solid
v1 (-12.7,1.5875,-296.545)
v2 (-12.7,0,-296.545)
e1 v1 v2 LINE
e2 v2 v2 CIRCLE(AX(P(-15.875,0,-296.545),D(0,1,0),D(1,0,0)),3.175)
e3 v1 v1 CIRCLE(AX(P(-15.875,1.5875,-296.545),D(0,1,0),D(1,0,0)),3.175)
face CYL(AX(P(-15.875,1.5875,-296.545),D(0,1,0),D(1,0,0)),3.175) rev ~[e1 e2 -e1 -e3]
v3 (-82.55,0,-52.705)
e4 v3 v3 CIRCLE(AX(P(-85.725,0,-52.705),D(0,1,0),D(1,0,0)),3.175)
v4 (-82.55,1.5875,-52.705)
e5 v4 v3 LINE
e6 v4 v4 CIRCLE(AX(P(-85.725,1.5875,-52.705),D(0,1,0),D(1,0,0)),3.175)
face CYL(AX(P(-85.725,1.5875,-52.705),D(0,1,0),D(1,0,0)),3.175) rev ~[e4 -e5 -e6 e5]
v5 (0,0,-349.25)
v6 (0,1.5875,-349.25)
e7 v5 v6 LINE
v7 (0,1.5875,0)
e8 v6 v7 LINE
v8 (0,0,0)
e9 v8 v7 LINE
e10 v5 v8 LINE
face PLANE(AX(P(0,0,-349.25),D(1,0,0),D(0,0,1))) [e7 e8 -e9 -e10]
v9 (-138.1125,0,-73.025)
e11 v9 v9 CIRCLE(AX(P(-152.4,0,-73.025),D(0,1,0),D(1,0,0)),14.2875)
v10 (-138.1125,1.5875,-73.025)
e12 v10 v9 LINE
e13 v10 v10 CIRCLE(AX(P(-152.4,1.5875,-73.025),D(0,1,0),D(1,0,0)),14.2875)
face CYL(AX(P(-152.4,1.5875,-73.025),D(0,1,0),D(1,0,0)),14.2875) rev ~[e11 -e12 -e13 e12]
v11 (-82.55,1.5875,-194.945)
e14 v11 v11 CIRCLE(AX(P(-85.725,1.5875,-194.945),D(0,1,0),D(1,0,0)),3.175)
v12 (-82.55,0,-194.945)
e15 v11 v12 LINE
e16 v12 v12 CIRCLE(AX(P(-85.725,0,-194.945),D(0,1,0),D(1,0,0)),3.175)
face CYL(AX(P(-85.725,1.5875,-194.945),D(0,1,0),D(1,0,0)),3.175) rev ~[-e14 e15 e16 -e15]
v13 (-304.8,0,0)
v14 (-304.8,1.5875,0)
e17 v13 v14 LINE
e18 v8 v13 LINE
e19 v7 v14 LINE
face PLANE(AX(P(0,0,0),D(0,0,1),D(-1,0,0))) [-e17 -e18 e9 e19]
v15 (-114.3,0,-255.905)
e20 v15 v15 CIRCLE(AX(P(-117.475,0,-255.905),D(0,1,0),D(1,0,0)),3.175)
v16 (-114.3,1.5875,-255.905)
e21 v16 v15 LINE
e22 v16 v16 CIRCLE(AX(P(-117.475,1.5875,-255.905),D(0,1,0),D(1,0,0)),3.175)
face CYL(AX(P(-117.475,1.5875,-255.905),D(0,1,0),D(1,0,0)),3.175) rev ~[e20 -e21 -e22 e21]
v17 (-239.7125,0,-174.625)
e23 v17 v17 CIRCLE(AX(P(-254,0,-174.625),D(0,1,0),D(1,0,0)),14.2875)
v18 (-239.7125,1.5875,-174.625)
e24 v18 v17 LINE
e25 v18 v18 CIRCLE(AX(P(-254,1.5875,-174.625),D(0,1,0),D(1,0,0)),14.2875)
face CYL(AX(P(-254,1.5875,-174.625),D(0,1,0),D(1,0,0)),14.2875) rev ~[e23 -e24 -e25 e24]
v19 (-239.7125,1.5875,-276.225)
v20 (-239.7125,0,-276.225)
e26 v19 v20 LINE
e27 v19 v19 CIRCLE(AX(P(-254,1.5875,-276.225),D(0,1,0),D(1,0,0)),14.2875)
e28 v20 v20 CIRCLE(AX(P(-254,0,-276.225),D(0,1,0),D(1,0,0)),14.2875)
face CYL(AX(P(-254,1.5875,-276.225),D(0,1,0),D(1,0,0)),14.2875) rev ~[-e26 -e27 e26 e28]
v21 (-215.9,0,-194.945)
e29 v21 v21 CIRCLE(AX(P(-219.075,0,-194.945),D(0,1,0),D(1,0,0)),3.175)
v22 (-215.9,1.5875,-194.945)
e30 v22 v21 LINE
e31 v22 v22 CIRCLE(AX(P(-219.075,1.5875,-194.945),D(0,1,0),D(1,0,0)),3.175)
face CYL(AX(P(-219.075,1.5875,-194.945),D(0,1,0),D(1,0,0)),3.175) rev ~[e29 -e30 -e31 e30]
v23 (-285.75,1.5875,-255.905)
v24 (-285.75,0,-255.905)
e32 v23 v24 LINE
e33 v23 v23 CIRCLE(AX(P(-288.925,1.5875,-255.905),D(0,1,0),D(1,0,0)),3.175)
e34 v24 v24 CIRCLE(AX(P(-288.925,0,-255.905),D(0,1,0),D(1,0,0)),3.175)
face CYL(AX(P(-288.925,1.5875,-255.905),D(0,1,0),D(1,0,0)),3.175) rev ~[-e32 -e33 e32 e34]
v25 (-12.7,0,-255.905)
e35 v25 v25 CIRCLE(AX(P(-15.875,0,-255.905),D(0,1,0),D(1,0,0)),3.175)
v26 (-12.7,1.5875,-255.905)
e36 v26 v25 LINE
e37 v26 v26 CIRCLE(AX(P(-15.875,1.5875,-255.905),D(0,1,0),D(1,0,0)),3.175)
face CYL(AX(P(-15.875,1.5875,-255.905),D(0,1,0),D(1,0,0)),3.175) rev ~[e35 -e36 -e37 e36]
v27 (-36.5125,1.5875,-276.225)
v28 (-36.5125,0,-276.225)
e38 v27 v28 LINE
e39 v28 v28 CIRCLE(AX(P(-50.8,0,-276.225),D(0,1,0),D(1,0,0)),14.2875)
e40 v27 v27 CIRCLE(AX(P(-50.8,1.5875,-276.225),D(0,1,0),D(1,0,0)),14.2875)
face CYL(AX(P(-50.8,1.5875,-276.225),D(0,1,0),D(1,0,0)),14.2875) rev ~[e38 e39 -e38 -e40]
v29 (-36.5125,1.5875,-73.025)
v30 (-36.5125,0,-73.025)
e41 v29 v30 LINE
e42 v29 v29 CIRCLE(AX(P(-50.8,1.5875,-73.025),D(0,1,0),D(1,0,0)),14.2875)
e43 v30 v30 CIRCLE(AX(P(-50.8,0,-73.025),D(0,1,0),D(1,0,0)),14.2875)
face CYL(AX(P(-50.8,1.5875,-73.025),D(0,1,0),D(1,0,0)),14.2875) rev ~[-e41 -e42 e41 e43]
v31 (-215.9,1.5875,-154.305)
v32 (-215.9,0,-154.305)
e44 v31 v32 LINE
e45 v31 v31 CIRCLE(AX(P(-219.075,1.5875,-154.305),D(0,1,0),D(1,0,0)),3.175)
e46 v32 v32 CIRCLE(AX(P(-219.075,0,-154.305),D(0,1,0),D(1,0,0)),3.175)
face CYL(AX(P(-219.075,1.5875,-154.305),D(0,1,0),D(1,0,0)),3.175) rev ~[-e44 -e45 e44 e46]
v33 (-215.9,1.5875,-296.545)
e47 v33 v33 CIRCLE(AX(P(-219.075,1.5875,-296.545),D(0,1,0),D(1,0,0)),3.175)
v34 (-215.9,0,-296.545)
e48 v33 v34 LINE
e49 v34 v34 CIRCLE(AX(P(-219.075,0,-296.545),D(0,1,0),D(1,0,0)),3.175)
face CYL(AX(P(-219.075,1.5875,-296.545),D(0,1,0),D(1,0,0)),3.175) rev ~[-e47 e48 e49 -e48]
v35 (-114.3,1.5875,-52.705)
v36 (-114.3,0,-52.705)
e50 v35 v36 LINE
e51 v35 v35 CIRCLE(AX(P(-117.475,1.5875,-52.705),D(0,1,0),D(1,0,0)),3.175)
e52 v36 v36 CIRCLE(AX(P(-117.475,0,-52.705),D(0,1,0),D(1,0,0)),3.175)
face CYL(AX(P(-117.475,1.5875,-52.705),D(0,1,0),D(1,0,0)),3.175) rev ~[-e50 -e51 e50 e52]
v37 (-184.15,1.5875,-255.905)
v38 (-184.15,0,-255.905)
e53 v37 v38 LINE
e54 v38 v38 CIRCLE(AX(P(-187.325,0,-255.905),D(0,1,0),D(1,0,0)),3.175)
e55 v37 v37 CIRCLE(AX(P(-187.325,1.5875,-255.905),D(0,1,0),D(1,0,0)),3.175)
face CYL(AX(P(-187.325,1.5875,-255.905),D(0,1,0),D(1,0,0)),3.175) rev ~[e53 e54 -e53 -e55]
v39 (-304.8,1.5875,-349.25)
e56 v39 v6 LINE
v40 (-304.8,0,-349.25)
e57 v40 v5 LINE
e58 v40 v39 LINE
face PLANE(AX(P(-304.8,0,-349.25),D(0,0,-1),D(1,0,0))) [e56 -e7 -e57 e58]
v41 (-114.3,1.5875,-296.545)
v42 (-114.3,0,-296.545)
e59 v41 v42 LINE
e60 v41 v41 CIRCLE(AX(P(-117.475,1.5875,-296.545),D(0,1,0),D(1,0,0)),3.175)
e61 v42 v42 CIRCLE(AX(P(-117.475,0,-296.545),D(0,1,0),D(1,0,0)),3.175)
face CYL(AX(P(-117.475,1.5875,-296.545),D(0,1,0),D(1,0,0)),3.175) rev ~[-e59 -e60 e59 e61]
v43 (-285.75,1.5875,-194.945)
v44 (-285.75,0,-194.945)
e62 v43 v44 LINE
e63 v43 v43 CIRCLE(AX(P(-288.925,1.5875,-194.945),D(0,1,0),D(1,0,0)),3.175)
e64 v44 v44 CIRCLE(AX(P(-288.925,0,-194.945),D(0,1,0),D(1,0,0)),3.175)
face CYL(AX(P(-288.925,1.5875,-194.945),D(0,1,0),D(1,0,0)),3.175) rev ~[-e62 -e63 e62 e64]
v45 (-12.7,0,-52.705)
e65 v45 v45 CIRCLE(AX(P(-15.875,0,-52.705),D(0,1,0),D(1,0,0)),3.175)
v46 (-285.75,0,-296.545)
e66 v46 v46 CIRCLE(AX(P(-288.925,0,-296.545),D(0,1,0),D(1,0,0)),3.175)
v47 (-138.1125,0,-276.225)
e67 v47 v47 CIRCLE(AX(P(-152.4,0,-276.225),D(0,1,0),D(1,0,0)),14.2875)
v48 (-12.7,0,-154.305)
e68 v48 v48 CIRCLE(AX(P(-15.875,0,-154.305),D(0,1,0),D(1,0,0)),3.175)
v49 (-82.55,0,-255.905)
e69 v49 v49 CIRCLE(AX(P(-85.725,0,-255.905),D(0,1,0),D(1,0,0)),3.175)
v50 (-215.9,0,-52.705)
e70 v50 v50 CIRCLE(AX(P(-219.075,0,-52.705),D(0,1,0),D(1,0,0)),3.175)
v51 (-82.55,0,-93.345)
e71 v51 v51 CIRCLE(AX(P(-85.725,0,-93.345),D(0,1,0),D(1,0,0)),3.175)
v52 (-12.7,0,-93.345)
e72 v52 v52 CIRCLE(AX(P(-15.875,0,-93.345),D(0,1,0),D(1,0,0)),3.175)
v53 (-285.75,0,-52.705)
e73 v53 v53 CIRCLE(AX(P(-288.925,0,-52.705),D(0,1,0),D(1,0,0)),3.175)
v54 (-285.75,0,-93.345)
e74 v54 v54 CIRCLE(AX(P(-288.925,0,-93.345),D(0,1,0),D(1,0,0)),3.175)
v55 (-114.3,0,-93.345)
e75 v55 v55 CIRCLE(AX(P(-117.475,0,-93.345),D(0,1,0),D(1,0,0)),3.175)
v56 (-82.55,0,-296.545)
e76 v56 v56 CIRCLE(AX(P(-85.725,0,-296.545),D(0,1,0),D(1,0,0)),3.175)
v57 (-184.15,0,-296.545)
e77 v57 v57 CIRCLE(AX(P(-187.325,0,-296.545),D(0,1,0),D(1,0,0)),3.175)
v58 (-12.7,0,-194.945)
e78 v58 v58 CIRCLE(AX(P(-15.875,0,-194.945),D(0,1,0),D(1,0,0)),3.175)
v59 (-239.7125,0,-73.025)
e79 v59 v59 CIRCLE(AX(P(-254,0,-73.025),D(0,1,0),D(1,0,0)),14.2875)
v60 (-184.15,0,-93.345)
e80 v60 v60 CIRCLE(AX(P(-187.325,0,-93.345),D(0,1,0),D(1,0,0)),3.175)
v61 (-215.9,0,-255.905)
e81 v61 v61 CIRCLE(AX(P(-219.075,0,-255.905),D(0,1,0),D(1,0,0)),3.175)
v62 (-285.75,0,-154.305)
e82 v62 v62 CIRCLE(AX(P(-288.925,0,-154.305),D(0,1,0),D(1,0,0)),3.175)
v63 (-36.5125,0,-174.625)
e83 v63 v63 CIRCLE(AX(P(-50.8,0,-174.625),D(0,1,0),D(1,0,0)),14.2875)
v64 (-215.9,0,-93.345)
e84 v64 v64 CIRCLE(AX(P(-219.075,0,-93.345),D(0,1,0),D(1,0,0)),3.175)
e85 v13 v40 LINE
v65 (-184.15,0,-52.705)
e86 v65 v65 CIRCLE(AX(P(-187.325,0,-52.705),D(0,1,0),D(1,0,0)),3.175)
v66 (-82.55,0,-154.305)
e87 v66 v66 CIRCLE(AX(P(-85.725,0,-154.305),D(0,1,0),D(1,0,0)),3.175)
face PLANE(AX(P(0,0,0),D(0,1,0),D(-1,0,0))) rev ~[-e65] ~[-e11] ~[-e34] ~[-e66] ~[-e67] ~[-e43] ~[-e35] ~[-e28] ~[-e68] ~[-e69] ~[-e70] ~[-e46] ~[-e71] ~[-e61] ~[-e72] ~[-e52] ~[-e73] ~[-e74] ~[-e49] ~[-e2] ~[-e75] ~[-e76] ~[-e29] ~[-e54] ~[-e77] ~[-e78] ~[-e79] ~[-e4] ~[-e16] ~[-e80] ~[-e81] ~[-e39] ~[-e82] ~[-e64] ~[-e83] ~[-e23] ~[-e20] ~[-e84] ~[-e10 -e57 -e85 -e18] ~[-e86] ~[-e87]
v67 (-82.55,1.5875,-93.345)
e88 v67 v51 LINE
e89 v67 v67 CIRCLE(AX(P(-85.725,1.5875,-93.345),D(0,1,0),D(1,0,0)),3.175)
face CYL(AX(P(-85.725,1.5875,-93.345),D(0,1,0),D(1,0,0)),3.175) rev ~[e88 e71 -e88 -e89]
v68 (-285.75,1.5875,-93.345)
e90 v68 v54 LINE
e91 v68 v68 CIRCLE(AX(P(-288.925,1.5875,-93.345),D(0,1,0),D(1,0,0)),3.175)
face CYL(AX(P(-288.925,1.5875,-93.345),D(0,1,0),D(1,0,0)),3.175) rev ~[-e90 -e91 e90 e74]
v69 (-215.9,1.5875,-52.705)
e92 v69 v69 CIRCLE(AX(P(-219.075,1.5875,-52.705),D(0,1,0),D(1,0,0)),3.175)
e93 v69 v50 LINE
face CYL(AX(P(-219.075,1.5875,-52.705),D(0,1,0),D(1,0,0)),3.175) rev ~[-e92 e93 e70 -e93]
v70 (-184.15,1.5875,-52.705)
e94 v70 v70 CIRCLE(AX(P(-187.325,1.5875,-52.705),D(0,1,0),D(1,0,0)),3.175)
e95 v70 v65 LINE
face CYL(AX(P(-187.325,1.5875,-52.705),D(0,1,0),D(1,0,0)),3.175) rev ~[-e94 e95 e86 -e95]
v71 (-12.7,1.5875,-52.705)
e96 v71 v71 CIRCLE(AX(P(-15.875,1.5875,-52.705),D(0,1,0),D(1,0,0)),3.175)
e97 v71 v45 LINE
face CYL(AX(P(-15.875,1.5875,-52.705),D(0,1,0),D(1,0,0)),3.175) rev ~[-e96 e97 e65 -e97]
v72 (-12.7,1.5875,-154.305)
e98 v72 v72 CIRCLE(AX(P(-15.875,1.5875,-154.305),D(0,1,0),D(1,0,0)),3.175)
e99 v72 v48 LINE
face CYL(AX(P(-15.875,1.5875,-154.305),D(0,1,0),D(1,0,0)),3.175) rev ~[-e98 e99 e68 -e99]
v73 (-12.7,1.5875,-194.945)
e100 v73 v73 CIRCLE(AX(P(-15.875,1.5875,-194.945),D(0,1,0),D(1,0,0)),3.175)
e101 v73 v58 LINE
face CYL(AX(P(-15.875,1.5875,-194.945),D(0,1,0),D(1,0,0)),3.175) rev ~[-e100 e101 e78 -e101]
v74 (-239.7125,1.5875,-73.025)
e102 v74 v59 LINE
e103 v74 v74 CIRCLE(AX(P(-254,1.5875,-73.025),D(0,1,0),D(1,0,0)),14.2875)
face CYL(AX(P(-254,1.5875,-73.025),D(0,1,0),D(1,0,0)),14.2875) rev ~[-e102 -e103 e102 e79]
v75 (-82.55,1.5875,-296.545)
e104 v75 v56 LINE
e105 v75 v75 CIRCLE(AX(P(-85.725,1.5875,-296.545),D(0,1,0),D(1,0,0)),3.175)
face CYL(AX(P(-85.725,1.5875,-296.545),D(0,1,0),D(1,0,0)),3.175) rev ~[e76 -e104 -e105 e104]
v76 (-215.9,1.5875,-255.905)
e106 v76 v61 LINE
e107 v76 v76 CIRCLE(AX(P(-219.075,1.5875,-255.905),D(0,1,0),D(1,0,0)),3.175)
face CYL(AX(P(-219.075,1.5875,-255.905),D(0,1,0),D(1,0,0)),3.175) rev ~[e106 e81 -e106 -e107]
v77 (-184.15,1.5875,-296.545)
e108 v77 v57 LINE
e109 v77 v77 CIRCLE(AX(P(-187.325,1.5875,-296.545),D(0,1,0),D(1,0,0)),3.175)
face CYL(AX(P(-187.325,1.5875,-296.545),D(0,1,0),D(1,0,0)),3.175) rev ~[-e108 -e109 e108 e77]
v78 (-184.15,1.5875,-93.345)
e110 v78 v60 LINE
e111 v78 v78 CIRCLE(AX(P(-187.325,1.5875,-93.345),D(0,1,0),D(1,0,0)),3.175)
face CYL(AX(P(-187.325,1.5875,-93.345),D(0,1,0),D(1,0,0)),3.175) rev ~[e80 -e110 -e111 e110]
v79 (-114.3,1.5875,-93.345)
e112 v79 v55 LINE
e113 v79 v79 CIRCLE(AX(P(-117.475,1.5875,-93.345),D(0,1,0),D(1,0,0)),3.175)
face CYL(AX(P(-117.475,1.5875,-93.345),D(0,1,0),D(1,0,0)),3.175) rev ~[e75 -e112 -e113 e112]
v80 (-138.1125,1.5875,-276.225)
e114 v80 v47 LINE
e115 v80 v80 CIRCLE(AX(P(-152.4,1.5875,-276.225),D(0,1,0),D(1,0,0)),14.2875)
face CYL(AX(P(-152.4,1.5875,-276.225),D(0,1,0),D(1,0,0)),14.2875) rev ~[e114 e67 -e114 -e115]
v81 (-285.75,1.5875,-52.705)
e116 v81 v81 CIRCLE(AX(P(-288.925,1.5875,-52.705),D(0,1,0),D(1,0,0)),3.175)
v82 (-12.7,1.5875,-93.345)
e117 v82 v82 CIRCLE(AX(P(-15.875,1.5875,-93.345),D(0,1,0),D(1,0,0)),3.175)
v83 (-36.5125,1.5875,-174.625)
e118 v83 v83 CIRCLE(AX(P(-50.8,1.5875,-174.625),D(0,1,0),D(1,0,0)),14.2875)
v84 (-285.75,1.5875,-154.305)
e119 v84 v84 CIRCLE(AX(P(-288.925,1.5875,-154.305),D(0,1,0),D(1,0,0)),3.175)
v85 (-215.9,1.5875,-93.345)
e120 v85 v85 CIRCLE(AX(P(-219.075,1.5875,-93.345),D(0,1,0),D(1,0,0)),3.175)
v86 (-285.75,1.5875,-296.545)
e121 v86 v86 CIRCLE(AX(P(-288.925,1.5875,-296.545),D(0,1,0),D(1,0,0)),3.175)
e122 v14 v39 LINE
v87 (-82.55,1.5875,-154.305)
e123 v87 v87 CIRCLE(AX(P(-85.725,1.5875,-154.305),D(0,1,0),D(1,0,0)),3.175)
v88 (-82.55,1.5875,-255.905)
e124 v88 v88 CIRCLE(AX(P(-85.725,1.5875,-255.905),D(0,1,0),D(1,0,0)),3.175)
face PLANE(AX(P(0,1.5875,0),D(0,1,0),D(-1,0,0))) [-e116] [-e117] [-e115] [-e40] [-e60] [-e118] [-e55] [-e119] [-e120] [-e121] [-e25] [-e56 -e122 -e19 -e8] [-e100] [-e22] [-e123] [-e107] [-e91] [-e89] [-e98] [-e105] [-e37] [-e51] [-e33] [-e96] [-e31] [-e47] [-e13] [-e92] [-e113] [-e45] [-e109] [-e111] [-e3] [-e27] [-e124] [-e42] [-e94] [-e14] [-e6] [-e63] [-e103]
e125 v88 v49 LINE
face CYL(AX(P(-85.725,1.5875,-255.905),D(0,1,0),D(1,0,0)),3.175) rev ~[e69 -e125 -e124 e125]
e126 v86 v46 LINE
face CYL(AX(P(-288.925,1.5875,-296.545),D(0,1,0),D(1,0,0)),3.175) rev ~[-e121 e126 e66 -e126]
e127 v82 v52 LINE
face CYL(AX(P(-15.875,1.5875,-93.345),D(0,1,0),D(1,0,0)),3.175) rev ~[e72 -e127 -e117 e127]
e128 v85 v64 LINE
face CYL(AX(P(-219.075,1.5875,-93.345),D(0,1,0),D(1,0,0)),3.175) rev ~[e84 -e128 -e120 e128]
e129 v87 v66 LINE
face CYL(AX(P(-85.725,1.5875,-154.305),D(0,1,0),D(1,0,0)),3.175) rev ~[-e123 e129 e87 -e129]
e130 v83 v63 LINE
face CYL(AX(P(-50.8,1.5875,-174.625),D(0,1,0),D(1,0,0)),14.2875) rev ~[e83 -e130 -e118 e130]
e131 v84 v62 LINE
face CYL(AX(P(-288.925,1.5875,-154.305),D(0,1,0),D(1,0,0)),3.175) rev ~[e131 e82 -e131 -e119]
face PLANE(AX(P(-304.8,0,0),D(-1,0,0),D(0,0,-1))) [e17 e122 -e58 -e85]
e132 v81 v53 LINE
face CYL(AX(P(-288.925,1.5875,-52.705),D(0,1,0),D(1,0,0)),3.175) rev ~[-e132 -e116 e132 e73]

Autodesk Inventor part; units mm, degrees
ref_plane "YZ Plane" through (0, 0, 0) normal (1, 0, 0) x (0, 1, 0)
ref_plane "XZ Plane" through (0, 0, 0) normal (0, 1, 0) x (-1, 0, 0)
ref_plane "XY Plane" through (0, 0, 0) normal (0, 0, 1) x (1, 0, 0)
sketch "Sketch1" plane through (0, 0, 0) normal (0, 1, 0) x (-1, 0, 0)
  line L0 (0, 0) -> (304.8, 0)
  line L1 (304.8, 0) -> (304.8, -349.25)
  line L2 (304.8, -349.25) -> (0, -349.25)
  line L3 (0, -349.25) -> (0, 0)
  dimension "d0" = 304.8
  dimension "d1" = 349.25
extrude "Extrusion1" add sketch "Sketch1" along normal blind 1.5875
sketch "Sketch2" plane through (0, 1.5875, 0) normal (0, 1, 0) x (1, 0, 0)
  circle A0 centre (-254, 73.025) radius 14.2875
  line L0 (0, 349.25) -> (-304.8, 349.25) projected
  line L1 (-304.8, 349.25) -> (-304.8, 0) projected
  line L2 (-304.8, 0) -> (0, 0) projected
  line L3 (0, 0) -> (0, 349.25) projected
  circle A1 centre (-288.925, 52.705) radius 3.175
  circle A2 centre (-288.925, 93.345) radius 3.175
  circle A3 centre (-219.075, 93.345) radius 3.175
  circle A4 centre (-219.075, 52.705) radius 3.175
  line L4 (-254, 119.7319) -> (-254, 73.025) construction
  line L5 (-254, 73.025) -> (-226.8959, 73.025) construction
  line L6 (-304, 48.025) -> (-204, 48.025) construction
  line L7 (-204, 48.025) -> (-204, 98.025) construction
  line L8 (-204, 98.025) -> (-304, 98.025) construction
  line L9 (-304, 98.025) -> (-304, 48.025) construction
  line L10 (-304.8, 41.275) -> (0, 41.275)
  line L11 (0, 41.275) -> (0, 307.975)
  line L12 (0, 307.975) -> (-304.8, 307.975)
  line L13 (-304.8, 307.975) -> (-304.8, 41.275)
  line L14 (-202.4, 98.025) -> (-202.4, 48.025) construction
  circle A5 centre (-187.325, 93.345) radius 3.175
  circle A6 centre (-187.325, 52.705) radius 3.175
  circle A7 centre (-152.4, 73.025) radius 14.2875
  line L15 (-152.4, 73.025) -> (-125.2959, 73.025) construction
  line L16 (-152.4, 119.7319) -> (-152.4, 73.025) construction
  circle A8 centre (-117.475, 52.705) radius 3.175
  line L17 (-102.4, 48.025) -> (-102.4, 98.025) construction
  line L18 (-102.4, 98.025) -> (-202.4, 98.025) construction
  line L19 (-202.4, 48.025) -> (-102.4, 48.025) construction
  circle A9 centre (-117.475, 93.345) radius 3.175
  line L20 (-100.8, 98.025) -> (-100.8, 48.025) construction
  circle A10 centre (-85.725, 93.345) radius 3.175
  circle A11 centre (-85.725, 52.705) radius 3.175
  circle A12 centre (-50.8, 73.025) radius 14.2875
  line L21 (-50.8, 73.025) -> (-23.6959, 73.025) construction
  line L22 (-50.8, 119.7319) -> (-50.8, 73.025) construction
  circle A13 centre (-15.875, 52.705) radius 3.175
  line L23 (-0.8, 48.025) -> (-0.8, 98.025) construction
  line L24 (-0.8, 98.025) -> (-100.8, 98.025) construction
  line L25 (-100.8, 48.025) -> (-0.8, 48.025) construction
  circle A14 centre (-15.875, 93.345) radius 3.175
  line L26 (-304, 199.625) -> (-304, 149.625) construction
  circle A15 centre (-288.925, 194.945) radius 3.175
  circle A16 centre (-288.925, 154.305) radius 3.175
  circle A17 centre (-254, 174.625) radius 14.2875
  line L27 (-254, 174.625) -> (-226.8959, 174.625) construction
  line L28 (-254, 221.3319) -> (-254, 174.625) construction
  circle A18 centre (-219.075, 154.305) radius 3.175
  line L29 (-204, 149.625) -> (-204, 199.625) construction
  line L30 (-204, 199.625) -> (-304, 199.625) construction
  line L31 (-304, 149.625) -> (-204, 149.625) construction
  circle A19 centre (-219.075, 194.945) radius 3.175
  line L32 (-202.4, 199.625) -> (-202.4, 149.625) construction
  circle A20 centre (-187.325, 194.945) radius 3.175
  circle A21 centre (-187.325, 154.305) radius 3.175
  circle A22 centre (-152.4, 174.625) radius 14.2875
  line L33 (-152.4, 174.625) -> (-125.2959, 174.625) construction
  line L34 (-152.4, 221.3319) -> (-152.4, 174.625) construction
  circle A23 centre (-117.475, 154.305) radius 3.175
  line L35 (-102.4, 149.625) -> (-102.4, 199.625) construction
  line L36 (-102.4, 199.625) -> (-202.4, 199.625) construction
  line L37 (-202.4, 149.625) -> (-102.4, 149.625) construction
  circle A24 centre (-117.475, 194.945) radius 3.175
  line L38 (-100.8, 199.625) -> (-100.8, 149.625) construction
  circle A25 centre (-85.725, 194.945) radius 3.175
  circle A26 centre (-85.725, 154.305) radius 3.175
  circle A27 centre (-50.8, 174.625) radius 14.2875
  line L39 (-50.8, 174.625) -> (-23.6959, 174.625) construction
  line L40 (-50.8, 221.3319) -> (-50.8, 174.625) construction
  circle A28 centre (-15.875, 154.305) radius 3.175
  line L41 (-0.8, 149.625) -> (-0.8, 199.625) construction
  line L42 (-0.8, 199.625) -> (-100.8, 199.625) construction
  line L43 (-100.8, 149.625) -> (-0.8, 149.625) construction
  circle A29 centre (-15.875, 194.945) radius 3.175
  line L44 (-304, 301.225) -> (-304, 251.225) construction
  circle A30 centre (-288.925, 296.545) radius 3.175
  circle A31 centre (-288.925, 255.905) radius 3.175
  circle A32 centre (-254, 276.225) radius 14.2875
  line L45 (-254, 276.225) -> (-226.8959, 276.225) construction
  line L46 (-254, 322.9319) -> (-254, 276.225) construction
  circle A33 centre (-219.075, 255.905) radius 3.175
  line L47 (-204, 251.225) -> (-204, 301.225) construction
  line L48 (-204, 301.225) -> (-304, 301.225) construction
  line L49 (-304, 251.225) -> (-204, 251.225) construction
  circle A34 centre (-219.075, 296.545) radius 3.175
  line L50 (-202.4, 301.225) -> (-202.4, 251.225) construction
  circle A35 centre (-187.325, 296.545) radius 3.175
  circle A36 centre (-187.325, 255.905) radius 3.175
  circle A37 centre (-152.4, 276.225) radius 14.2875
  line L51 (-152.4, 276.225) -> (-125.2959, 276.225) construction
  line L52 (-152.4, 322.9319) -> (-152.4, 276.225) construction
  circle A38 centre (-117.475, 255.905) radius 3.175
  line L53 (-102.4, 251.225) -> (-102.4, 301.225) construction
  line L54 (-102.4, 301.225) -> (-202.4, 301.225) construction
  line L55 (-202.4, 251.225) -> (-102.4, 251.225) construction
  circle A39 centre (-117.475, 296.545) radius 3.175
  line L56 (-100.8, 301.225) -> (-100.8, 251.225) construction
  circle A40 centre (-85.725, 296.545) radius 3.175
  circle A41 centre (-85.725, 255.905) radius 3.175
  circle A42 centre (-50.8, 276.225) radius 14.2875
  line L57 (-50.8, 276.225) -> (-23.6959, 276.225) construction
  line L58 (-50.8, 322.9319) -> (-50.8, 276.225) construction
  circle A43 centre (-15.875, 255.905) radius 3.175
  line L59 (-0.8, 251.225) -> (-0.8, 301.225) construction
  line L60 (-0.8, 301.225) -> (-100.8, 301.225) construction
  line L61 (-100.8, 251.225) -> (-0.8, 251.225) construction
  circle A44 centre (-15.875, 296.545) radius 3.175
  point P0 (-304, 73.025)
  point P1 (-254, 98.025)
  point P2 (-304.8, 174.625)
  point P3 (-202.4, 73.025)
  point P4 (-152.4, 98.025)
  point P5 (-100.8, 73.025)
  point P6 (-50.8, 98.025)
  point P7 (-304, 174.625)
  point P8 (-254, 199.625)
  point P9 (-202.4, 174.625)
  point P10 (-152.4, 199.625)
  point P11 (-100.8, 174.625)
  point P12 (-50.8, 199.625)
  point P13 (-304, 276.225)
  point P14 (-254, 301.225)
  point P15 (-202.4, 276.225)
  point P16 (-152.4, 301.225)
  point P17 (-100.8, 276.225)
  point P18 (-50.8, 301.225)
  dimension "d4" = 28.575
  dimension "d5" = 6.35
  dimension "d6" = 20.32
  dimension "d7" = 34.925
  dimension "d8" = 50.8
  dimension "d9" = 100
  dimension "d10" = 50
  dimension "d11" = 266.7
  dimension "d12" = 31.75
  dimension "d15" = 101.6
  dimension "d18" = 101.6
extrude "Extrusion2" cut sketch "Sketch2" against normal through all contours A0 | A1 | A2 | A3 | A4 | A5 | A6 | A7 | A8 | A9 | A10 | A11 | A12 | A13 | A14 | A15 | A16 | A17 | A18 | A19 | A25 | A26 | A27 | A28 | A29 | A30 | A31 | A32 | A33 | A34 | A35 | A36 | A37 | A38 | A39 | A40 | A41 | A42 | A43 | A44
properties part number "BasePlate"
